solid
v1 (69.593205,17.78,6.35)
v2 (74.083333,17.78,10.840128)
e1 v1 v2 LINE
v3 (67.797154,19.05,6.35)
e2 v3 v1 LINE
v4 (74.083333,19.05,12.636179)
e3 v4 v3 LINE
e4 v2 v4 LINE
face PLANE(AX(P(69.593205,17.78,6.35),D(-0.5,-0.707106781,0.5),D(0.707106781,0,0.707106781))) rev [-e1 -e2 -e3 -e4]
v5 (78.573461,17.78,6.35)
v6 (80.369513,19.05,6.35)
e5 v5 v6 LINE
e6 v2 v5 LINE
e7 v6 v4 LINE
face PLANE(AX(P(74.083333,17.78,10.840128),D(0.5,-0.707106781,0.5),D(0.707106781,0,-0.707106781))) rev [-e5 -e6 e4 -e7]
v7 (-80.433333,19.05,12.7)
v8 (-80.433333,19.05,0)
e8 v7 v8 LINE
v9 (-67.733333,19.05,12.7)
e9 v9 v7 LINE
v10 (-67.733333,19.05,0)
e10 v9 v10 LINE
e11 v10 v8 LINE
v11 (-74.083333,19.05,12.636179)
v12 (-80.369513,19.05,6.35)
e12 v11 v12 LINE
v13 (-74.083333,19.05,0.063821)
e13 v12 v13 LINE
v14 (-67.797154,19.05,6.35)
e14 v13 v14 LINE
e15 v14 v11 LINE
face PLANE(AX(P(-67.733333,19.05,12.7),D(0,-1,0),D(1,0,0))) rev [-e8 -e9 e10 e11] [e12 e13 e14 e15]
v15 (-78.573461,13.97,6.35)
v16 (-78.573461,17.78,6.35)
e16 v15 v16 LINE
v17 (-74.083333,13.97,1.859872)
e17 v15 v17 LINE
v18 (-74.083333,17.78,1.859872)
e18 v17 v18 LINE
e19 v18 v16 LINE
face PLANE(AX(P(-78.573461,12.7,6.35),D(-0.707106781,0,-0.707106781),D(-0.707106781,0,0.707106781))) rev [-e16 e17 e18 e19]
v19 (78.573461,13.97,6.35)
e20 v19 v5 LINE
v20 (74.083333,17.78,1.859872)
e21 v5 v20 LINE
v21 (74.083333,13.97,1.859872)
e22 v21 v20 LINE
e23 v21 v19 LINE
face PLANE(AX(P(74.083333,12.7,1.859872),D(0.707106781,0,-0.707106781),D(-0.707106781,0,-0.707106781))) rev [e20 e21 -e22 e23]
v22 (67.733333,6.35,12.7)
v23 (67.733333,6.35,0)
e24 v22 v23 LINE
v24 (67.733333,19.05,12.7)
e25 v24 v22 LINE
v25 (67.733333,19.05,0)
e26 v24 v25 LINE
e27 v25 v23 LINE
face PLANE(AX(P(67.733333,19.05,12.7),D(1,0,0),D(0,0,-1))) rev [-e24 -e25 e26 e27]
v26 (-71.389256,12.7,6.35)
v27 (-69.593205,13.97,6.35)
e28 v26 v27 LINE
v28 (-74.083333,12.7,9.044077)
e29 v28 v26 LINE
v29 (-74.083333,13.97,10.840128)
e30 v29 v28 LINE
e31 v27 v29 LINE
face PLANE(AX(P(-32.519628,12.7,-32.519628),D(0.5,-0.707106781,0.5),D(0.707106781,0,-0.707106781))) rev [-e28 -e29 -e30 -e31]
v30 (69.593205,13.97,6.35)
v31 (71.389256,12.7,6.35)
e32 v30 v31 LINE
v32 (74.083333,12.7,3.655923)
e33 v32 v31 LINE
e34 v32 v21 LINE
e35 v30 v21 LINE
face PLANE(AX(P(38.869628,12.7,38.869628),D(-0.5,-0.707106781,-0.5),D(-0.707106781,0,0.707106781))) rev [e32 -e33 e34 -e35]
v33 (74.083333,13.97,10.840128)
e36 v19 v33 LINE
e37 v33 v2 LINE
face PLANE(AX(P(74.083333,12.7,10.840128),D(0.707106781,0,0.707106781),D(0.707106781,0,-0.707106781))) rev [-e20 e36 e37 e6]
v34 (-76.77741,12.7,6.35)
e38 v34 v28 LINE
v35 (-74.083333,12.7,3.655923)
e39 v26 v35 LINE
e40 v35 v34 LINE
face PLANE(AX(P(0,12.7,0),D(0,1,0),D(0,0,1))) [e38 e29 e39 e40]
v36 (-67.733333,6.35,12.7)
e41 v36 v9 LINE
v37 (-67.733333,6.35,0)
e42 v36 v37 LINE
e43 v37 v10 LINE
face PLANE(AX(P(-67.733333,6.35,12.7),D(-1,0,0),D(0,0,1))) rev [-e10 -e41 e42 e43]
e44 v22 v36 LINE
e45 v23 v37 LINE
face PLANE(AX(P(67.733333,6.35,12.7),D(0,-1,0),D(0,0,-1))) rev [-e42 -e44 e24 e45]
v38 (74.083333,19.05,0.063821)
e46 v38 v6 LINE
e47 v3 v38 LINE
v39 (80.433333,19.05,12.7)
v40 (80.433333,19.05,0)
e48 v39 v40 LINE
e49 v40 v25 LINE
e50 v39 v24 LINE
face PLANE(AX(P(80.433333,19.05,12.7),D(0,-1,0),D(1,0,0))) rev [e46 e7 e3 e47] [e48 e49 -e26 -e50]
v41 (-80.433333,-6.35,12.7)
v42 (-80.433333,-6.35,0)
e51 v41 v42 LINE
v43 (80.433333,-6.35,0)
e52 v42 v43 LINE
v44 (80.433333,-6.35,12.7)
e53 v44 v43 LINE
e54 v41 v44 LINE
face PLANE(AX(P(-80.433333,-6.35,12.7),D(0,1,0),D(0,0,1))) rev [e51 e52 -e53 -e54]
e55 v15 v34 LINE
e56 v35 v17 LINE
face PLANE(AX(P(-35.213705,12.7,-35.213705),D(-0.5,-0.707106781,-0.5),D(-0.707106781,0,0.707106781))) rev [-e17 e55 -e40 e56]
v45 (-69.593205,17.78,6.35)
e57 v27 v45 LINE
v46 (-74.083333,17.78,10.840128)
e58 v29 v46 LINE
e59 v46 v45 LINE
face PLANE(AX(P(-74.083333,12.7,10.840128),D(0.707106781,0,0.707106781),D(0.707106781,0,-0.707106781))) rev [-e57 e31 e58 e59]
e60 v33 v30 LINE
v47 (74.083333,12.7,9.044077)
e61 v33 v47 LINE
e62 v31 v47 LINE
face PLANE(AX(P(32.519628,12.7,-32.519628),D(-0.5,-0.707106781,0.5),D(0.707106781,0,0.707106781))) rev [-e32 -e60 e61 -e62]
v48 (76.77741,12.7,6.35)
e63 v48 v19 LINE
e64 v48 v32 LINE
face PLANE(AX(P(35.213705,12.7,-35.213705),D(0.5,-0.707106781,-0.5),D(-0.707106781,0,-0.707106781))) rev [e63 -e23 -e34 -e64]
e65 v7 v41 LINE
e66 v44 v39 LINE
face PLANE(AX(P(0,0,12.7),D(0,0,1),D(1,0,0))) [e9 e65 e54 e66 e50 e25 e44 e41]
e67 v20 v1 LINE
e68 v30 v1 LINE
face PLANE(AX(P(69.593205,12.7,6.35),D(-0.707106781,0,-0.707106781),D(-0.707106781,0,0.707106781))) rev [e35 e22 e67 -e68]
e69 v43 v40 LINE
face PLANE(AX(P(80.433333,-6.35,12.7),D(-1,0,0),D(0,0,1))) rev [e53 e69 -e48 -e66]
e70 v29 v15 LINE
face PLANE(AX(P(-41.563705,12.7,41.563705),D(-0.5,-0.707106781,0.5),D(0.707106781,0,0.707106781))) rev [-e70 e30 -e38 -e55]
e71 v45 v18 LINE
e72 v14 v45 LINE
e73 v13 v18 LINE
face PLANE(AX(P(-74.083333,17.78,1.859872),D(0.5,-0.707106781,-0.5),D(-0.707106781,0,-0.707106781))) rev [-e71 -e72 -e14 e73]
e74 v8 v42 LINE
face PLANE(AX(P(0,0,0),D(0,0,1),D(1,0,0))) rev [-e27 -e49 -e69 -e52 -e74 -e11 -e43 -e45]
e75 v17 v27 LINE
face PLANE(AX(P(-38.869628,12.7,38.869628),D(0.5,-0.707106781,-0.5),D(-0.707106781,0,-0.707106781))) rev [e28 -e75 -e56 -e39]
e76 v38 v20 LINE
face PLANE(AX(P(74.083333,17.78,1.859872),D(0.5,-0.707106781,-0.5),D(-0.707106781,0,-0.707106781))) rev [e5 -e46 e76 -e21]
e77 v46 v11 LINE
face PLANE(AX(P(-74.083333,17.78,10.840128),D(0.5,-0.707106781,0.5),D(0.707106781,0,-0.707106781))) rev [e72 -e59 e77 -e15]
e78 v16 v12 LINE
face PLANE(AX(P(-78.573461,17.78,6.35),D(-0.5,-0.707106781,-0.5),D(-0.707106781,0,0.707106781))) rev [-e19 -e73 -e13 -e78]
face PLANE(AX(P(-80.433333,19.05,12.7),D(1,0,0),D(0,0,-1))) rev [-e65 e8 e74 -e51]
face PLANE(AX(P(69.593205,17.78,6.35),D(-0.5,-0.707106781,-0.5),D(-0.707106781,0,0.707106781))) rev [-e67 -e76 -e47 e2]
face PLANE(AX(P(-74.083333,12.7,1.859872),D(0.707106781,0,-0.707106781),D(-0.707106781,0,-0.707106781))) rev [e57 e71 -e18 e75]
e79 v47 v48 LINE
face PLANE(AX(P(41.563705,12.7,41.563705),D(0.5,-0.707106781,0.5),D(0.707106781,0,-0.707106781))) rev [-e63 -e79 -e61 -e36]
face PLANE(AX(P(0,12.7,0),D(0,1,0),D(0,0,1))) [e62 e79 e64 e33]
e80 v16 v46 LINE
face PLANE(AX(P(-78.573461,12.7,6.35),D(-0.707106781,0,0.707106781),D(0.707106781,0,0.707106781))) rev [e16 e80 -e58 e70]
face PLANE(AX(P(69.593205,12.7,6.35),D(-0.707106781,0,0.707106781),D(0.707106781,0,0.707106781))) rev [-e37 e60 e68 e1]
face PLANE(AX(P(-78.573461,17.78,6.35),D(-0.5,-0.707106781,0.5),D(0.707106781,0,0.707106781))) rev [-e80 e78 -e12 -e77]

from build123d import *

# Parameters (mm, degrees)
BOSS_EXTRUDE1_DEPTH = 12.7
CUT_EXTRUDE1_DEPTH  = 6.35
CHAMFER1_SIZE       = 1.27


with BuildPart() as part:
    # Sketch1 → Boss-Extrude1 (new body)
    with BuildSketch(Plane.XY):
        Polygon((-80.433333333, 19.05), (-80.433333333, -6.35), (80.433333333, -6.35), (80.433333333, 19.05), (67.733333333, 19.05), (67.733333333, 6.35), (-67.733333333, 6.35), (-67.733333333, 19.05), align=None)
    extrude(amount=BOSS_EXTRUDE1_DEPTH)

    # Sketch2 → Cut-Extrude1 (cut)
    with BuildSketch(Plane(origin=(0, 19.05, 0), x_dir=(1, 0, 0), z_dir=(0, 1, 0))):
        Polygon((-78.573461394, -6.35), (-74.083333333, -1.859871939), (-69.593205273, -6.35), (-74.083333333, -10.840128061), align=None)
        Polygon((69.593205273, -6.35), (74.083333333, -1.859871939), (78.573461394, -6.35), (74.083333333, -10.840128061), align=None)
    extrude(amount=-CUT_EXTRUDE1_DEPTH, mode=Mode.SUBTRACT)

    # Chamfer1
    chamfer1_edges = [part.edges().sort_by_distance(p)[0] for p in [
        (-76.328397364, 12.7, 8.59506403),
        (-76.328397364, 12.7, 4.10493597),
        (-71.838269303, 12.7, 4.10493597),
        (-71.838269303, 12.7, 8.59506403),
        (-76.328397364, 19.05, 8.59506403),
        (-71.838269303, 19.05, 8.59506403),
        (-71.838269303, 19.05, 4.10493597),
        (-76.328397364, 19.05, 4.10493597),
        (71.838269303, 12.7, 8.59506403),
        (71.838269303, 12.7, 4.10493597),
        (76.328397364, 12.7, 4.10493597),
        (76.328397364, 12.7, 8.59506403),
        (71.838269303, 19.05, 8.59506403),
        (76.328397364, 19.05, 8.59506403),
        (76.328397364, 19.05, 4.10493597),
        (71.838269303, 19.05, 4.10493597),
    ]]
    chamfer(chamfer1_edges, length=CHAMFER1_SIZE)


solid = part.part
